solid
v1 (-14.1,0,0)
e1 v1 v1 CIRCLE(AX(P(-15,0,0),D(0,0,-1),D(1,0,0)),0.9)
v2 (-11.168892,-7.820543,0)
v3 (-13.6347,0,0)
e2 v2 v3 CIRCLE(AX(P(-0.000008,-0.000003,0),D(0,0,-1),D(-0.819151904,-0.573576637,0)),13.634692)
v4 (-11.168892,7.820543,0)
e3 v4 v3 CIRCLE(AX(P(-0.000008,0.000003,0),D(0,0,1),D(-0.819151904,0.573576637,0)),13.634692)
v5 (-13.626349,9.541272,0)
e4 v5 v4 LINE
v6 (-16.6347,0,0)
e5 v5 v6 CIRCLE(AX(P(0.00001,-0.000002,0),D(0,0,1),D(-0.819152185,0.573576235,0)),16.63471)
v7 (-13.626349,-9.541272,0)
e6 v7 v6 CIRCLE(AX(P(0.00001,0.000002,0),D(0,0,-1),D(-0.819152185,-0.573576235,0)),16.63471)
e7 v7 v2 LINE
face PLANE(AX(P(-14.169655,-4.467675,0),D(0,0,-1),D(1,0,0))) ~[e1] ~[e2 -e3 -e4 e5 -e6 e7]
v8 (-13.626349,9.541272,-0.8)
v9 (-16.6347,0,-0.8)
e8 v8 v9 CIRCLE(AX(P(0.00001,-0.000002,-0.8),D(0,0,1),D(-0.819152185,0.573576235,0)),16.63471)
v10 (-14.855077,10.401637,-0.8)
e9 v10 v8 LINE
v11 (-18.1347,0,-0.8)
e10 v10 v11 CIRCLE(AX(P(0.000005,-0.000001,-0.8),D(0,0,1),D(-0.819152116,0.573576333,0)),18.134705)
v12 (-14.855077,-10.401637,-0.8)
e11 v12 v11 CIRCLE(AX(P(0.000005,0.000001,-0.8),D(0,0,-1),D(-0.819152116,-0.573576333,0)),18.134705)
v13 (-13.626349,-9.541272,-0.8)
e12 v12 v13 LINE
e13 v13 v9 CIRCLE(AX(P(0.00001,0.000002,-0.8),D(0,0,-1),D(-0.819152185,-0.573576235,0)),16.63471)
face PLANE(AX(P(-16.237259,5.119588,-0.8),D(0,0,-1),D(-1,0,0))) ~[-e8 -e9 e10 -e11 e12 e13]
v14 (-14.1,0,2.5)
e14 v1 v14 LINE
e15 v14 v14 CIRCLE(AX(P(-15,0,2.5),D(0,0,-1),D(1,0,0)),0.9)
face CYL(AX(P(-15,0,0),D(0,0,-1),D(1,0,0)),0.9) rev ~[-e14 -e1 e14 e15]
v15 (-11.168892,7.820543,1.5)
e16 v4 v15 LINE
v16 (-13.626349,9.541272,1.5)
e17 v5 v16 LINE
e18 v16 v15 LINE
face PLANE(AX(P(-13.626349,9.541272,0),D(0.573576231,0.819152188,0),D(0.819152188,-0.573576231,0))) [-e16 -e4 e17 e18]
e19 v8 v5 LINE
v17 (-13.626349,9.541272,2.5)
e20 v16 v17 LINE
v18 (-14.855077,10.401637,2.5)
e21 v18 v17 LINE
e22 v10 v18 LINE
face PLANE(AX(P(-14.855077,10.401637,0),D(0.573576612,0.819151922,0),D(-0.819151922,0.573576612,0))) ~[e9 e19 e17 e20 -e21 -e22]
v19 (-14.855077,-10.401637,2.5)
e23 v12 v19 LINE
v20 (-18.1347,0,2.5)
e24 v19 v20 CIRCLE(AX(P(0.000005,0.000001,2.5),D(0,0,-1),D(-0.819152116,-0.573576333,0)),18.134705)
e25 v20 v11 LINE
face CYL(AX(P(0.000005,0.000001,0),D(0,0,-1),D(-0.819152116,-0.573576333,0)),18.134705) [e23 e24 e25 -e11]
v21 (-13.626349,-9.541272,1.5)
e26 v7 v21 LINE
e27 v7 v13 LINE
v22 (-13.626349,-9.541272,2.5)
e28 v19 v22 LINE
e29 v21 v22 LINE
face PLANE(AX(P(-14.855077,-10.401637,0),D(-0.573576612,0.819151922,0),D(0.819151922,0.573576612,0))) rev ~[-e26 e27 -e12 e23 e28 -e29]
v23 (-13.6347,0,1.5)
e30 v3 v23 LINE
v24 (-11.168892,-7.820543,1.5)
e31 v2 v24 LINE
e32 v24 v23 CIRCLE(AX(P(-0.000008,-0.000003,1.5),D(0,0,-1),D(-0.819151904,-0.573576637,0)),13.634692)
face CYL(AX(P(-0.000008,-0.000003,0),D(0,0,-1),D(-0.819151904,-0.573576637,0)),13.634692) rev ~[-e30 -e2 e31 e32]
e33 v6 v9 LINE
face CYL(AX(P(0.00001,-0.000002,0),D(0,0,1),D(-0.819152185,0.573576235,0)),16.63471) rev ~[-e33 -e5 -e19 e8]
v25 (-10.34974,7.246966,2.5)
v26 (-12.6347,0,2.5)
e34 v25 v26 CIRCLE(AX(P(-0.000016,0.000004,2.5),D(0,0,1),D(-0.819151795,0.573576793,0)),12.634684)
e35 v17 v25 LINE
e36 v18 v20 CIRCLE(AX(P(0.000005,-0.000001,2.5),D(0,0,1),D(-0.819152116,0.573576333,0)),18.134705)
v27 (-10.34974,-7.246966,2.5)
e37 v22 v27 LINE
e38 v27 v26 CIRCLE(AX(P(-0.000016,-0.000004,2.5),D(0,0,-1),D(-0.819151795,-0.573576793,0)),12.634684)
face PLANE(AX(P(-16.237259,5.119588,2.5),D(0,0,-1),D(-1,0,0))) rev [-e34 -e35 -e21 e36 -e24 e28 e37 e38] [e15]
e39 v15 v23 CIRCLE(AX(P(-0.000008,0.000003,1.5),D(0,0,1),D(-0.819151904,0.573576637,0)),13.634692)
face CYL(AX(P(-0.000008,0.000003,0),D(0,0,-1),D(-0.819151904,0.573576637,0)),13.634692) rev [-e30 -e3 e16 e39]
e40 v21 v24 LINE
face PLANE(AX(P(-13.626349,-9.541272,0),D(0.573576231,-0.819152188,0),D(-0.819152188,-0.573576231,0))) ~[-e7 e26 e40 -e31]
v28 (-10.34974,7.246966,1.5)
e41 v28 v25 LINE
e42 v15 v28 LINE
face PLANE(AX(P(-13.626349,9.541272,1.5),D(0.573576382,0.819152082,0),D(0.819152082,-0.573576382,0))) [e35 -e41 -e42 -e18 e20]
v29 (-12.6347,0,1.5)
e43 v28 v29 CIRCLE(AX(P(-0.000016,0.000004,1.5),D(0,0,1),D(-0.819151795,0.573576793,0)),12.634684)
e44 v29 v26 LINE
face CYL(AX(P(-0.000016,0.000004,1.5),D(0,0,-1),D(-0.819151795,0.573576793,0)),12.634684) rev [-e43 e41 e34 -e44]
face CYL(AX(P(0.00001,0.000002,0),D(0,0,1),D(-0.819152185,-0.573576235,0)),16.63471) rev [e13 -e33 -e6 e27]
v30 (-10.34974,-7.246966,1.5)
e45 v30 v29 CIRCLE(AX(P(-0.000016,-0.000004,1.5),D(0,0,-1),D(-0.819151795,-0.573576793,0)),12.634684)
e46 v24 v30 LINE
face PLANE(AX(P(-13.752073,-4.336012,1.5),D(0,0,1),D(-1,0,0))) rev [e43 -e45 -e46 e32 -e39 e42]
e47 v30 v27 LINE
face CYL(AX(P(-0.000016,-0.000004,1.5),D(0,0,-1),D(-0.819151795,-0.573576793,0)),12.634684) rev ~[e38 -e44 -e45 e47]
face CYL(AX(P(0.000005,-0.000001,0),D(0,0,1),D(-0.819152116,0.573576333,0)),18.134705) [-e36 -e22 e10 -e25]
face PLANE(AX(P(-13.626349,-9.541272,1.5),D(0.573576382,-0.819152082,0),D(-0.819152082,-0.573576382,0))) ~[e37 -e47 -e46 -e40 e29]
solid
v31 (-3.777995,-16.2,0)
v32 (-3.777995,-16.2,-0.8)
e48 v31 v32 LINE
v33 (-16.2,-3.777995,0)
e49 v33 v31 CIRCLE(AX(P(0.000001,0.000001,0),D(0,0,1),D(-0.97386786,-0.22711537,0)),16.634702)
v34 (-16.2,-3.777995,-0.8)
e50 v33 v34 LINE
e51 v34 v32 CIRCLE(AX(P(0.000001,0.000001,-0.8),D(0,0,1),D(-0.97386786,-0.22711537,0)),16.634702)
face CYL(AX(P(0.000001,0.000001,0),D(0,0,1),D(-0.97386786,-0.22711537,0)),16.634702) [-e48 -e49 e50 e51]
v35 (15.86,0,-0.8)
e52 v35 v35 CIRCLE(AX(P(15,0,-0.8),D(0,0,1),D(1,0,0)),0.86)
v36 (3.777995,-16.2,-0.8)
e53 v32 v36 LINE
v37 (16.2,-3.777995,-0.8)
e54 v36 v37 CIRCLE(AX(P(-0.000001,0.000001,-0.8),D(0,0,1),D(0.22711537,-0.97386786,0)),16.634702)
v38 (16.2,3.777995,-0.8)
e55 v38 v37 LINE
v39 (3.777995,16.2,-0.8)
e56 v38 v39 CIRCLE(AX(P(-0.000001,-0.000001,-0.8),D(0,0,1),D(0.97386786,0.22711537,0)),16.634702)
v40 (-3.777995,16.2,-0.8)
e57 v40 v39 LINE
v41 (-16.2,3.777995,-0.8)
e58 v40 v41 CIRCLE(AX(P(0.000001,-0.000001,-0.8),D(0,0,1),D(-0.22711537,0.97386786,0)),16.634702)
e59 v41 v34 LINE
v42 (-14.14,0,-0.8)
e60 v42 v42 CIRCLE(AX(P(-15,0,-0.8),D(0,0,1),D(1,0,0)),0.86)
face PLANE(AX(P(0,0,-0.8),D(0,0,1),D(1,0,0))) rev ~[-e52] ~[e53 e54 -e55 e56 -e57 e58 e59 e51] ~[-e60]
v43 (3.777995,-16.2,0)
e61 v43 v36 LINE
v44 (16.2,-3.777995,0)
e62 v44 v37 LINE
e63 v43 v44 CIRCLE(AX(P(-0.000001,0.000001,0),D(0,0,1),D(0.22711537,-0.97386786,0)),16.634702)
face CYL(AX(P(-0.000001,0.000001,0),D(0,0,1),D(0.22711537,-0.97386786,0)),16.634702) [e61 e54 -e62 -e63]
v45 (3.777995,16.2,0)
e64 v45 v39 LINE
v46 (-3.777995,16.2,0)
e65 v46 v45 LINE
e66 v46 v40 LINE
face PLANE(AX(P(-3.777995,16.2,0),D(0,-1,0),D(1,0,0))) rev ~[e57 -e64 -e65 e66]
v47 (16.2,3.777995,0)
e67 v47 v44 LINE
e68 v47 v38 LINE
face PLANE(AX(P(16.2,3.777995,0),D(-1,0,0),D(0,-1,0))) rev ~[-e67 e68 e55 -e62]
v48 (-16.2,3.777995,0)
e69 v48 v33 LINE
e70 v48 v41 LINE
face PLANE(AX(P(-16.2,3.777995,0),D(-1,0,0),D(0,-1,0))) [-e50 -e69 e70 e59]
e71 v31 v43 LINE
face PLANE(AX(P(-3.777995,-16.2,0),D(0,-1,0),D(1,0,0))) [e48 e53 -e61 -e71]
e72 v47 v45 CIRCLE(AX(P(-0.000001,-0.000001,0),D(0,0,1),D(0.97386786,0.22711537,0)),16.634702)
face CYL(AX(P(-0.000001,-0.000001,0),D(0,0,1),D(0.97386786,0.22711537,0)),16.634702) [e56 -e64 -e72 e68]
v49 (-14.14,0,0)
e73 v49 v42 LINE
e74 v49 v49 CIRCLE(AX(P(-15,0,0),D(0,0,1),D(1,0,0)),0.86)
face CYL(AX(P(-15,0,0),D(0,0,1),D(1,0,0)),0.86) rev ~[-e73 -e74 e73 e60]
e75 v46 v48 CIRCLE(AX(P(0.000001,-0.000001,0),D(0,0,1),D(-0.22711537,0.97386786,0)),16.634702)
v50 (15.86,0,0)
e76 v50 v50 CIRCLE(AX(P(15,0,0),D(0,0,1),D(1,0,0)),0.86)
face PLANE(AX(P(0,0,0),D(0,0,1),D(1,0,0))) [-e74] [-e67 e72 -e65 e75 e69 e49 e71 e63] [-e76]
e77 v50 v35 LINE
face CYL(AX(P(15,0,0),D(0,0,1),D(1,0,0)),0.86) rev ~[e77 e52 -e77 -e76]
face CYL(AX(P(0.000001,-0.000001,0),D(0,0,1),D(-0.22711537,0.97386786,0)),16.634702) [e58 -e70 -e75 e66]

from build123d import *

# Parameters (mm, degrees)
SKETCH_R          = 0.86
PAD_DEPTH         = 0.8
PAD001_DEPTH      = 1.5
PAD002_DEPTH      = 1
PAD003_DEPTH      = 0.8
PAD003_DEPTH_BACK = 2.5
SKETCH004_R       = 0.9
HOLE_DEPTH        = 25


with BuildPart() as colorleddeck:
    # Sketch → Pad (new body)
    with BuildSketch(Plane.XY):
        with BuildLine():
            ThreePointArc((-16.2, -3.777995), (-11.762509, -11.762509), (-3.777995, -16.2))
            Line((-3.777995, -16.2), (3.777995, -16.2))
            ThreePointArc((3.777995, -16.2), (11.762509, -11.762509), (16.2, -3.777995))
            Line((16.2, 3.777995), (16.2, -3.777995))
            ThreePointArc((16.2, 3.777995), (11.762509, 11.762509), (3.777995, 16.2))
            Line((-3.777995, 16.2), (3.777995, 16.2))
            ThreePointArc((-3.777995, 16.2), (-11.762509, 11.762509), (-16.2, 3.777995))
            Line((-16.2, 3.777995), (-16.2, -3.777995))
        make_face()
        with Locations((-15, 0)):
            Circle(SKETCH_R, mode=Mode.SUBTRACT)
        with Locations((15, 0)):
            Circle(SKETCH_R, mode=Mode.SUBTRACT)
    extrude(amount=-PAD_DEPTH)


with BuildPart() as body:
    # Sketch001 → Pad001 (new body)
    with BuildSketch(Plane.XY):
        with BuildLine():
            ThreePointArc((-11.168892, 7.820543), (-13.003645, 4.100033), (-13.6347, 0))
            Line((-16.6347, 0), (-13.6347, 0))
            ThreePointArc((-13.626349, 9.541272), (-15.864795, 5.002151), (-16.6347, 0))
            Line((-13.626349, 9.541272), (-11.168892, 7.820543))
        make_face()
    pad001 = extrude(amount=PAD001_DEPTH)

    # Mirrored: Pad001 across XZ
    add(pad001.mirror(Plane.XZ))

    # Sketch002 (on Face4 of Mirrored) → Pad002 (join)
    with BuildSketch(Plane.XY.offset(1.5)):
        with BuildLine():
            ThreePointArc((-13.626349, 9.541272), (-15.864795, 5.002151), (-16.6347, 0))
            Line((-16.6347, 0), (-12.6347, 0))
            ThreePointArc((-10.34974, 7.246966), (-12.049928, 3.799328), (-12.6347, 0))
            Line((-13.626349, 9.541272), (-10.34974, 7.246966))
        make_face()
    pad002 = extrude(amount=PAD002_DEPTH)

    # Mirrored001: Pad002 across XZ
    add(pad002.mirror(Plane.XZ))

    # Sketch003 (on Face2 of Mirrored001) → Pad003 (join, two sides)
    with BuildSketch(Plane(origin=(0, 0, 0), x_dir=(1, 0, 0), z_dir=(0, 0, -1))) as pad003_sk:
        with BuildLine():
            ThreePointArc((-14.855077, 10.401637), (-17.295371, 5.453209), (-18.1347, 0))
            Line((-18.1347, 0), (-16.6347, 0))
            ThreePointArc((-13.626349, 9.541272), (-15.864795, 5.002151), (-16.6347, 0))
            Line((-14.855077, 10.401637), (-13.626349, 9.541272))
        make_face()
    pad003 = extrude(amount=PAD003_DEPTH) + extrude(pad003_sk.sketch, amount=-PAD003_DEPTH_BACK)

    # Mirrored002: Pad003 across XZ
    add(pad003.mirror(Plane.XZ))

    # Sketch004 (on Face2 of Mirrored002) → Hole (cut)
    with BuildSketch(Plane(origin=(0, 0, 0), x_dir=(1, 0, 0), z_dir=(0, 0, -1))):
        with Locations((-15, 0)):
            Circle(SKETCH004_R)
    extrude(amount=-HOLE_DEPTH, mode=Mode.SUBTRACT)


solid = Compound([colorleddeck.part, body.part])
